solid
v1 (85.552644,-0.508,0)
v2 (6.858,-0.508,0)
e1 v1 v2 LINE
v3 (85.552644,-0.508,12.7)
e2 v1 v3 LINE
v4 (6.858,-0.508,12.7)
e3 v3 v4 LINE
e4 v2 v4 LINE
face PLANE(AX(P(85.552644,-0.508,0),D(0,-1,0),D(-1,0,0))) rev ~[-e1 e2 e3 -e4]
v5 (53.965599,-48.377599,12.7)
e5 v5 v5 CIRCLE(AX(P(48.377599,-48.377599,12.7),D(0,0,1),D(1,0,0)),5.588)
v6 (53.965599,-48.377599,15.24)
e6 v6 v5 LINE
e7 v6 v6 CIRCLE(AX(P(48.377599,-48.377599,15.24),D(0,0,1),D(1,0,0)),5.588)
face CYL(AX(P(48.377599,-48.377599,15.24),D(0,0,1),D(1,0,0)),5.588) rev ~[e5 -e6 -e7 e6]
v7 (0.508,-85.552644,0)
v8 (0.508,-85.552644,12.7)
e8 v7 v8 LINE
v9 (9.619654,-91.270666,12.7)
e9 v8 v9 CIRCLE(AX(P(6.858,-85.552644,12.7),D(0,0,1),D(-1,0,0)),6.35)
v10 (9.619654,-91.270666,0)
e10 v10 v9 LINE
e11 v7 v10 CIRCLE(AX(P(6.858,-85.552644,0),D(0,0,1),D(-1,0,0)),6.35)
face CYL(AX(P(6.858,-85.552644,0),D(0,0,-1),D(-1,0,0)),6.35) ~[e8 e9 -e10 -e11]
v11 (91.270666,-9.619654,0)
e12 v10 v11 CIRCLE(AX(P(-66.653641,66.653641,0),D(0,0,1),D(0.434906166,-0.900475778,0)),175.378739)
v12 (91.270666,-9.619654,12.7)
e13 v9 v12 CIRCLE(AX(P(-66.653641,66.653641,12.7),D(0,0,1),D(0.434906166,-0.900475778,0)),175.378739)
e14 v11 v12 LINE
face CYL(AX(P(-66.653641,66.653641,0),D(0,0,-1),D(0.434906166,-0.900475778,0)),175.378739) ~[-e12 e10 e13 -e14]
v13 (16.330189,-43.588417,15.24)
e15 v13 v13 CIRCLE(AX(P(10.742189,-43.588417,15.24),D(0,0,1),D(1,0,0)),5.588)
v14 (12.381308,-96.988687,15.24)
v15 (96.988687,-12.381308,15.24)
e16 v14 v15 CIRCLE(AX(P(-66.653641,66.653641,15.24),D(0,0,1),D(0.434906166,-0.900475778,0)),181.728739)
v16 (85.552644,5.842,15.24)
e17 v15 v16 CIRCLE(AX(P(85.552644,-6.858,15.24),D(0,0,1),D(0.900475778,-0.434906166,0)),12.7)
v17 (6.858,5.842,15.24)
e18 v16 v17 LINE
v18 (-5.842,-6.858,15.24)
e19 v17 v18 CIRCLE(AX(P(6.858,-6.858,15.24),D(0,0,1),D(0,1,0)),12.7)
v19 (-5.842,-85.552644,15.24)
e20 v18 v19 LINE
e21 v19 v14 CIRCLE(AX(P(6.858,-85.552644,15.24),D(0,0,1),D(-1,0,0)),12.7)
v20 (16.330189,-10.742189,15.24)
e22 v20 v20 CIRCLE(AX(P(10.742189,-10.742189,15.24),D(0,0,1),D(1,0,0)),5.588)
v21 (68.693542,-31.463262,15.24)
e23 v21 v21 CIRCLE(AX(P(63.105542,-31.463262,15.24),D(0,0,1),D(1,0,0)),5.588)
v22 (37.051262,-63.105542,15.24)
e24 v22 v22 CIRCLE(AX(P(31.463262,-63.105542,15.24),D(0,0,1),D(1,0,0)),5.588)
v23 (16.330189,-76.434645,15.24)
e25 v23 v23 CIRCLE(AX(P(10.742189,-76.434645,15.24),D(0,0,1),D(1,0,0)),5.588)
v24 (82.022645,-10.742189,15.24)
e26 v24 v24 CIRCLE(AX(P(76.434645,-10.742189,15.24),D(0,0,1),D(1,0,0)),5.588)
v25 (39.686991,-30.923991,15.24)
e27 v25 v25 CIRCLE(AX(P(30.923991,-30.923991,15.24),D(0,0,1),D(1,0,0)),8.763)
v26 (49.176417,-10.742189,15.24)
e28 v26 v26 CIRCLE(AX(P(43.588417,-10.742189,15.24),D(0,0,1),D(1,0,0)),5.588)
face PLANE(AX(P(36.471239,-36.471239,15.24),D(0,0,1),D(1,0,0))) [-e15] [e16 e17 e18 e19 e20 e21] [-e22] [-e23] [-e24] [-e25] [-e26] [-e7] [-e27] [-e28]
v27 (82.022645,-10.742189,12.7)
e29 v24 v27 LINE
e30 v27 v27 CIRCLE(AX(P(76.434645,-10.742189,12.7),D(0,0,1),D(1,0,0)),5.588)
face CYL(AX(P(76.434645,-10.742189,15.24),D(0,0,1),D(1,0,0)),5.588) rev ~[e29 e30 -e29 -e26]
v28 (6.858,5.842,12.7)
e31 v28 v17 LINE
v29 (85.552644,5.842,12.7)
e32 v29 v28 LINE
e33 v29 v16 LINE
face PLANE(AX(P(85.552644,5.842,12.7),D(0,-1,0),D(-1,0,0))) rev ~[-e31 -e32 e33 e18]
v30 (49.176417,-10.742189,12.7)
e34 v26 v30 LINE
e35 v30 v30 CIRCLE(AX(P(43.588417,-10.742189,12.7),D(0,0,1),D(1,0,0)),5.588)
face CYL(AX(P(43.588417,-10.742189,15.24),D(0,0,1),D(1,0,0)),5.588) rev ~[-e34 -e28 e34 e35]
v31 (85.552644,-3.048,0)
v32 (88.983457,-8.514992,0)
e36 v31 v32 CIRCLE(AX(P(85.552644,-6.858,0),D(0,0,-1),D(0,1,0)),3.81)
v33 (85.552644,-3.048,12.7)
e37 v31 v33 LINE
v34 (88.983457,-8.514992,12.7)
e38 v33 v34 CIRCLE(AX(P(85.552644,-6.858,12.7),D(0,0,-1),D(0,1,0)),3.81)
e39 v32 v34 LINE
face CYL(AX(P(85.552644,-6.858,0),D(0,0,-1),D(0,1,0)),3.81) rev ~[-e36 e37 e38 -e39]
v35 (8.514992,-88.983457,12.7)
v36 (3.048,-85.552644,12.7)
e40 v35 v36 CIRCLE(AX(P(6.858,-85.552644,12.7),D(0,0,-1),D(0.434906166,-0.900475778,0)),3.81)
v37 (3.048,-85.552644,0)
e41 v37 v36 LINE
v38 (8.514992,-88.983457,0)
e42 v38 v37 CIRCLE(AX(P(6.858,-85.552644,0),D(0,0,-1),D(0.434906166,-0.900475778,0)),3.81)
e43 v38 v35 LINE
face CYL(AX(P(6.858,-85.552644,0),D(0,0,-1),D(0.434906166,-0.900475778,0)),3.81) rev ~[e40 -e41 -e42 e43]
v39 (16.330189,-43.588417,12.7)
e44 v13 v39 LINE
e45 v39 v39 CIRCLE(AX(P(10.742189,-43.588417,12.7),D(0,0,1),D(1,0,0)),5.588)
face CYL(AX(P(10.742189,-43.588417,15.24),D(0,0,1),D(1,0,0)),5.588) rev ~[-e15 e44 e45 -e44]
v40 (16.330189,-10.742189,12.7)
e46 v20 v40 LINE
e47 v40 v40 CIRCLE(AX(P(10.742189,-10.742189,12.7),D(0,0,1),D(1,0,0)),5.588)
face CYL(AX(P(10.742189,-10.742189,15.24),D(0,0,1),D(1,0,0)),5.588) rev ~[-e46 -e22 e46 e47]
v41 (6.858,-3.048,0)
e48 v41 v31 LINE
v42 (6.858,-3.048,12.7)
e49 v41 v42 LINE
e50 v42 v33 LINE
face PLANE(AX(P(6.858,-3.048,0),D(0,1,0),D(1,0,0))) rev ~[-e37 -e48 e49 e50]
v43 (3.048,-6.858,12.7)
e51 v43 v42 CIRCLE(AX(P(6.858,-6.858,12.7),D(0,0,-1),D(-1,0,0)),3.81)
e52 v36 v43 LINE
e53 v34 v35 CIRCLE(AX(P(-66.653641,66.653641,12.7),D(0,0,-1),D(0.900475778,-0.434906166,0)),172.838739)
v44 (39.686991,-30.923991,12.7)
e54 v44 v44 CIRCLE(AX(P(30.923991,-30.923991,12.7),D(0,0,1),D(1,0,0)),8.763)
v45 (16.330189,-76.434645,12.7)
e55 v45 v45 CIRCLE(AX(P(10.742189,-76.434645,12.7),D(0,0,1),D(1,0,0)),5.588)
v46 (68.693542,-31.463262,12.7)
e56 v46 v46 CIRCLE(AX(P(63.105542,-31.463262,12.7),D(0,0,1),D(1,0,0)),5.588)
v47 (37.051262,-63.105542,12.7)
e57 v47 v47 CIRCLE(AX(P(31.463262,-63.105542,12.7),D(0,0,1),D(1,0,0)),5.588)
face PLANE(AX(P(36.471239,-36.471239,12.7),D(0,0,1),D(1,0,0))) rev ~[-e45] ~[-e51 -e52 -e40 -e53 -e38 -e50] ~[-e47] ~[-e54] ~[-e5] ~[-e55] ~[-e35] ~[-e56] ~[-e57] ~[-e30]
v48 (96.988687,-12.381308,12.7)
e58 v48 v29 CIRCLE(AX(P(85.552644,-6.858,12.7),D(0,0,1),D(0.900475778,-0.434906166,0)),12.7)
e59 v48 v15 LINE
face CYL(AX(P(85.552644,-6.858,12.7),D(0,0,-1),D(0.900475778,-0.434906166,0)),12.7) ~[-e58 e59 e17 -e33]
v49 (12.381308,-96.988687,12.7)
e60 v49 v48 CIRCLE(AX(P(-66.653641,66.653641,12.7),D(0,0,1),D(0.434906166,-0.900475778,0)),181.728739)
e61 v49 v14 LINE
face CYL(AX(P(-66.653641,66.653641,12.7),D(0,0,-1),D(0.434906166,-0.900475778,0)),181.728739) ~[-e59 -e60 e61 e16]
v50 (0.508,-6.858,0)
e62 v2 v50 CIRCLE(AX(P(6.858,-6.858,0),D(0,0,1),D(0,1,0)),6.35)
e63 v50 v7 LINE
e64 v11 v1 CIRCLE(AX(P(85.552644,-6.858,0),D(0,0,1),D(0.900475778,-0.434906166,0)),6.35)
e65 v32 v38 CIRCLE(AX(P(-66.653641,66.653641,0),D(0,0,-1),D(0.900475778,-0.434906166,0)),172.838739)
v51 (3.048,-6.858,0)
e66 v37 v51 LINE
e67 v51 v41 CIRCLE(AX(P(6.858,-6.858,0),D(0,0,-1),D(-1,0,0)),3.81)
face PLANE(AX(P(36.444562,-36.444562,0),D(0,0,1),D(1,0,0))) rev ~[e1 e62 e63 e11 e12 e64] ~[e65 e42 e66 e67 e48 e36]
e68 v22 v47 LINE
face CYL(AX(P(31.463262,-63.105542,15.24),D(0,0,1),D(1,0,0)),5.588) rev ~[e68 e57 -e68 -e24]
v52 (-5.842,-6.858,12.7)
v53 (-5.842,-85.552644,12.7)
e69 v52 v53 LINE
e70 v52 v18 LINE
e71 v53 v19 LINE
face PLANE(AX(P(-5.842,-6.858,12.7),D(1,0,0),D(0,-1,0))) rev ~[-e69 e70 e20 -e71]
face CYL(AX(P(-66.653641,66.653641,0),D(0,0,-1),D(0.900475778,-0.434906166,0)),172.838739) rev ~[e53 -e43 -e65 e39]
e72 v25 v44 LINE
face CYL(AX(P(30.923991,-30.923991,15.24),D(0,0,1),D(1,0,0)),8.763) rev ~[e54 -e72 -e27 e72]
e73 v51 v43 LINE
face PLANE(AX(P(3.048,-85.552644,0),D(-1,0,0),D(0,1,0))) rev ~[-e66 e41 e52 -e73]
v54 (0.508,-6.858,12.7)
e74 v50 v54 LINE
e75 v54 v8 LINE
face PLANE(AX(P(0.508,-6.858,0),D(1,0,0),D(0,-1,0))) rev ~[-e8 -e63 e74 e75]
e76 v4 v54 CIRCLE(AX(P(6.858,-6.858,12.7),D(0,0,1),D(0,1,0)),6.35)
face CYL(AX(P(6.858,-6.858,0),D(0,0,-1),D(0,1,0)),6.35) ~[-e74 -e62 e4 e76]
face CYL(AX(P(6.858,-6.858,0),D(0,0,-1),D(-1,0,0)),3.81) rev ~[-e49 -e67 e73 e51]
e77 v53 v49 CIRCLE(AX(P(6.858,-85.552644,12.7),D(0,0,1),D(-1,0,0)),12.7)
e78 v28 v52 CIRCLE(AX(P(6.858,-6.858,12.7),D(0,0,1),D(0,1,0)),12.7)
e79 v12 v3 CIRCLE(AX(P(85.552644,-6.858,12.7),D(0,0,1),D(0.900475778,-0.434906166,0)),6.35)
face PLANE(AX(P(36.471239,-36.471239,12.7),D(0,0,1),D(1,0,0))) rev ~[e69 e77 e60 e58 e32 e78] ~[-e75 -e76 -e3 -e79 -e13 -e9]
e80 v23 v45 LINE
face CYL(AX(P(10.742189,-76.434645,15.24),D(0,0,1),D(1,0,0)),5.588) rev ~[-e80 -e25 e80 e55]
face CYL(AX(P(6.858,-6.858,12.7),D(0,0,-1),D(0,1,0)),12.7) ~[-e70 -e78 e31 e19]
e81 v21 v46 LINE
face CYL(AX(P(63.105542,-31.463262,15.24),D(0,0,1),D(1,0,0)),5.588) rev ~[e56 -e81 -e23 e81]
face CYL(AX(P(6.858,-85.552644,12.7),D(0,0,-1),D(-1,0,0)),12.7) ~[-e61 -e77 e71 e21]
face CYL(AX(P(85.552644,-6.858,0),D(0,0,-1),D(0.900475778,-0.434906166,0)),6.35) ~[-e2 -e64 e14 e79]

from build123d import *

# Parameters (mm, degrees)
F1_DEPTH = 12.7
F3_DEPTH = 2.54
F4_R     = 5.588
F4_R_2   = 8.763
F5_DEPTH = 25.4


with BuildPart() as f1:
    # F0 (on Top) → F1 (new body)
    with BuildSketch(Plane.XY):
        with BuildLine():
            ThreePointArc((0.508, -85.5526443698), (3.4826484531, -90.931259613), (9.6196541528, -91.2706655607))
            ThreePointArc((9.6196541528, -91.2706655607), (57.3578547677, -57.3578547677), (91.2706655607, -9.6196541528))
            ThreePointArc((91.2706655607, -9.6196541528), (90.931259613, -3.4826484531), (85.5526443698, -0.508))
            Line((85.5526443698, -0.508), (6.858, -0.508))
            ThreePointArc((6.858, -0.508), (2.3678719395, -2.3678719395), (0.508, -6.858))
            Line((0.508, -6.858), (0.508, -85.5526443698))
        make_face()
        with BuildLine():
            ThreePointArc((88.9834570843, -8.5149924917), (55.5618035435, -55.5618035435), (8.5149924917, -88.9834570843))
            ThreePointArc((8.5149924917, -88.9834570843), (4.8327890719, -88.7798135157), (3.048, -85.5526443698))
            Line((3.048, -85.5526443698), (3.048, -6.858))
            ThreePointArc((3.048, -6.858), (4.1639231637, -4.1639231637), (6.858, -3.048))
            Line((6.858, -3.048), (85.5526443698, -3.048))
            ThreePointArc((85.5526443698, -3.048), (88.7798135157, -4.8327890719), (88.9834570843, -8.5149924917))
        make_face(mode=Mode.SUBTRACT)
    extrude(amount=F1_DEPTH)

    # F2 (on face) → F3 (join)
    with BuildSketch(Plane.XY.offset(12.7)):
        with BuildLine():
            Line((85.5526443698, 5.842), (6.858, 5.842))
            ThreePointArc((6.858, 5.842), (-2.1222561211, 2.1222561211), (-5.842, -6.858))
            Line((-5.842, -6.858), (-5.842, -85.5526443698))
            ThreePointArc((-5.842, -85.5526443698), (0.1072969063, -96.3098748563), (12.3813083055, -96.9886867517))
            ThreePointArc((12.3813083055, -96.9886867517), (61.8479828282, -61.8479828282), (96.9886867517, -12.3813083055))
            ThreePointArc((96.9886867517, -12.3813083055), (96.3098748563, -0.1072969063), (85.5526443698, 5.842))
        make_face()
        with BuildLine():
            ThreePointArc((9.6196541528, -91.2706655607), (3.4826484531, -90.931259613), (0.508, -85.5526443698))
            Line((0.508, -85.5526443698), (0.508, -6.858))
            ThreePointArc((0.508, -6.858), (2.3678719395, -2.3678719395), (6.858, -0.508))
            Line((6.858, -0.508), (85.5526443698, -0.508))
            ThreePointArc((85.5526443698, -0.508), (90.931259613, -3.4826484531), (91.2706655607, -9.6196541528))
            ThreePointArc((91.2706655607, -9.6196541528), (57.3578547677, -57.3578547677), (9.6196541528, -91.2706655607))
        make_face(mode=Mode.SUBTRACT)
        with BuildLine():
            Line((0.508, -6.858), (0.508, -85.5526443698))
            ThreePointArc((0.508, -85.5526443698), (3.4826484531, -90.931259613), (9.6196541528, -91.2706655607))
            ThreePointArc((9.6196541528, -91.2706655607), (57.3578547677, -57.3578547677), (91.2706655607, -9.6196541528))
            ThreePointArc((91.2706655607, -9.6196541528), (90.931259613, -3.4826484531), (85.5526443698, -0.508))
            Line((85.5526443698, -0.508), (6.858, -0.508))
            ThreePointArc((6.858, -0.508), (2.3678719395, -2.3678719395), (0.508, -6.858))
        make_face()
        with BuildLine():
            ThreePointArc((85.5526443698, -3.048), (88.7798135157, -4.8327890719), (88.9834570843, -8.5149924917))
            ThreePointArc((88.9834570843, -8.5149924917), (55.5618035435, -55.5618035435), (8.5149924917, -88.9834570843))
            ThreePointArc((8.5149924917, -88.9834570843), (4.8327890719, -88.7798135157), (3.048, -85.5526443698))
            Line((3.048, -85.5526443698), (3.048, -6.858))
            ThreePointArc((3.048, -6.858), (4.1639231637, -4.1639231637), (6.858, -3.048))
            Line((6.858, -3.048), (85.5526443698, -3.048))
        make_face(mode=Mode.SUBTRACT)
        with BuildLine():
            ThreePointArc((8.5149924917, -88.9834570843), (55.5618035435, -55.5618035435), (88.9834570843, -8.5149924917))
            ThreePointArc((88.9834570843, -8.5149924917), (88.7798135157, -4.8327890719), (85.5526443698, -3.048))
            Line((85.5526443698, -3.048), (6.858, -3.048))
            ThreePointArc((6.858, -3.048), (4.1639231637, -4.1639231637), (3.048, -6.858))
            Line((3.048, -6.858), (3.048, -85.5526443698))
            ThreePointArc((3.048, -85.5526443698), (4.8327890719, -88.7798135157), (8.5149924917, -88.9834570843))
        make_face()
    extrude(amount=F3_DEPTH)

    # F4 (on face) → F5 (cut)
    with BuildSketch(Plane.XY.offset(15.24)):
        with Locations((10.7421888637, -10.7421888637)):
            Circle(F4_R)
        with Locations((30.9239914141, -30.9239914141)):
            Circle(F4_R_2)
        with Locations((43.5884171282, -10.7421888637)):
            Circle(F4_R)
        with Locations((10.7421888637, -43.5884171282)):
            Circle(F4_R)
        with Locations((10.7421888637, -76.4346453927)):
            Circle(F4_R)
        with Locations((31.4632623863, -63.1055415565)):
            Circle(F4_R)
        with Locations((48.3775986466, -48.3775986466)):
            Circle(F4_R)
        with Locations((63.1055415565, -31.4632623863)):
            Circle(F4_R)
        with Locations((76.4346453927, -10.7421888637)):
            Circle(F4_R)
    extrude(amount=-F5_DEPTH, mode=Mode.SUBTRACT)


solid = f1.part
